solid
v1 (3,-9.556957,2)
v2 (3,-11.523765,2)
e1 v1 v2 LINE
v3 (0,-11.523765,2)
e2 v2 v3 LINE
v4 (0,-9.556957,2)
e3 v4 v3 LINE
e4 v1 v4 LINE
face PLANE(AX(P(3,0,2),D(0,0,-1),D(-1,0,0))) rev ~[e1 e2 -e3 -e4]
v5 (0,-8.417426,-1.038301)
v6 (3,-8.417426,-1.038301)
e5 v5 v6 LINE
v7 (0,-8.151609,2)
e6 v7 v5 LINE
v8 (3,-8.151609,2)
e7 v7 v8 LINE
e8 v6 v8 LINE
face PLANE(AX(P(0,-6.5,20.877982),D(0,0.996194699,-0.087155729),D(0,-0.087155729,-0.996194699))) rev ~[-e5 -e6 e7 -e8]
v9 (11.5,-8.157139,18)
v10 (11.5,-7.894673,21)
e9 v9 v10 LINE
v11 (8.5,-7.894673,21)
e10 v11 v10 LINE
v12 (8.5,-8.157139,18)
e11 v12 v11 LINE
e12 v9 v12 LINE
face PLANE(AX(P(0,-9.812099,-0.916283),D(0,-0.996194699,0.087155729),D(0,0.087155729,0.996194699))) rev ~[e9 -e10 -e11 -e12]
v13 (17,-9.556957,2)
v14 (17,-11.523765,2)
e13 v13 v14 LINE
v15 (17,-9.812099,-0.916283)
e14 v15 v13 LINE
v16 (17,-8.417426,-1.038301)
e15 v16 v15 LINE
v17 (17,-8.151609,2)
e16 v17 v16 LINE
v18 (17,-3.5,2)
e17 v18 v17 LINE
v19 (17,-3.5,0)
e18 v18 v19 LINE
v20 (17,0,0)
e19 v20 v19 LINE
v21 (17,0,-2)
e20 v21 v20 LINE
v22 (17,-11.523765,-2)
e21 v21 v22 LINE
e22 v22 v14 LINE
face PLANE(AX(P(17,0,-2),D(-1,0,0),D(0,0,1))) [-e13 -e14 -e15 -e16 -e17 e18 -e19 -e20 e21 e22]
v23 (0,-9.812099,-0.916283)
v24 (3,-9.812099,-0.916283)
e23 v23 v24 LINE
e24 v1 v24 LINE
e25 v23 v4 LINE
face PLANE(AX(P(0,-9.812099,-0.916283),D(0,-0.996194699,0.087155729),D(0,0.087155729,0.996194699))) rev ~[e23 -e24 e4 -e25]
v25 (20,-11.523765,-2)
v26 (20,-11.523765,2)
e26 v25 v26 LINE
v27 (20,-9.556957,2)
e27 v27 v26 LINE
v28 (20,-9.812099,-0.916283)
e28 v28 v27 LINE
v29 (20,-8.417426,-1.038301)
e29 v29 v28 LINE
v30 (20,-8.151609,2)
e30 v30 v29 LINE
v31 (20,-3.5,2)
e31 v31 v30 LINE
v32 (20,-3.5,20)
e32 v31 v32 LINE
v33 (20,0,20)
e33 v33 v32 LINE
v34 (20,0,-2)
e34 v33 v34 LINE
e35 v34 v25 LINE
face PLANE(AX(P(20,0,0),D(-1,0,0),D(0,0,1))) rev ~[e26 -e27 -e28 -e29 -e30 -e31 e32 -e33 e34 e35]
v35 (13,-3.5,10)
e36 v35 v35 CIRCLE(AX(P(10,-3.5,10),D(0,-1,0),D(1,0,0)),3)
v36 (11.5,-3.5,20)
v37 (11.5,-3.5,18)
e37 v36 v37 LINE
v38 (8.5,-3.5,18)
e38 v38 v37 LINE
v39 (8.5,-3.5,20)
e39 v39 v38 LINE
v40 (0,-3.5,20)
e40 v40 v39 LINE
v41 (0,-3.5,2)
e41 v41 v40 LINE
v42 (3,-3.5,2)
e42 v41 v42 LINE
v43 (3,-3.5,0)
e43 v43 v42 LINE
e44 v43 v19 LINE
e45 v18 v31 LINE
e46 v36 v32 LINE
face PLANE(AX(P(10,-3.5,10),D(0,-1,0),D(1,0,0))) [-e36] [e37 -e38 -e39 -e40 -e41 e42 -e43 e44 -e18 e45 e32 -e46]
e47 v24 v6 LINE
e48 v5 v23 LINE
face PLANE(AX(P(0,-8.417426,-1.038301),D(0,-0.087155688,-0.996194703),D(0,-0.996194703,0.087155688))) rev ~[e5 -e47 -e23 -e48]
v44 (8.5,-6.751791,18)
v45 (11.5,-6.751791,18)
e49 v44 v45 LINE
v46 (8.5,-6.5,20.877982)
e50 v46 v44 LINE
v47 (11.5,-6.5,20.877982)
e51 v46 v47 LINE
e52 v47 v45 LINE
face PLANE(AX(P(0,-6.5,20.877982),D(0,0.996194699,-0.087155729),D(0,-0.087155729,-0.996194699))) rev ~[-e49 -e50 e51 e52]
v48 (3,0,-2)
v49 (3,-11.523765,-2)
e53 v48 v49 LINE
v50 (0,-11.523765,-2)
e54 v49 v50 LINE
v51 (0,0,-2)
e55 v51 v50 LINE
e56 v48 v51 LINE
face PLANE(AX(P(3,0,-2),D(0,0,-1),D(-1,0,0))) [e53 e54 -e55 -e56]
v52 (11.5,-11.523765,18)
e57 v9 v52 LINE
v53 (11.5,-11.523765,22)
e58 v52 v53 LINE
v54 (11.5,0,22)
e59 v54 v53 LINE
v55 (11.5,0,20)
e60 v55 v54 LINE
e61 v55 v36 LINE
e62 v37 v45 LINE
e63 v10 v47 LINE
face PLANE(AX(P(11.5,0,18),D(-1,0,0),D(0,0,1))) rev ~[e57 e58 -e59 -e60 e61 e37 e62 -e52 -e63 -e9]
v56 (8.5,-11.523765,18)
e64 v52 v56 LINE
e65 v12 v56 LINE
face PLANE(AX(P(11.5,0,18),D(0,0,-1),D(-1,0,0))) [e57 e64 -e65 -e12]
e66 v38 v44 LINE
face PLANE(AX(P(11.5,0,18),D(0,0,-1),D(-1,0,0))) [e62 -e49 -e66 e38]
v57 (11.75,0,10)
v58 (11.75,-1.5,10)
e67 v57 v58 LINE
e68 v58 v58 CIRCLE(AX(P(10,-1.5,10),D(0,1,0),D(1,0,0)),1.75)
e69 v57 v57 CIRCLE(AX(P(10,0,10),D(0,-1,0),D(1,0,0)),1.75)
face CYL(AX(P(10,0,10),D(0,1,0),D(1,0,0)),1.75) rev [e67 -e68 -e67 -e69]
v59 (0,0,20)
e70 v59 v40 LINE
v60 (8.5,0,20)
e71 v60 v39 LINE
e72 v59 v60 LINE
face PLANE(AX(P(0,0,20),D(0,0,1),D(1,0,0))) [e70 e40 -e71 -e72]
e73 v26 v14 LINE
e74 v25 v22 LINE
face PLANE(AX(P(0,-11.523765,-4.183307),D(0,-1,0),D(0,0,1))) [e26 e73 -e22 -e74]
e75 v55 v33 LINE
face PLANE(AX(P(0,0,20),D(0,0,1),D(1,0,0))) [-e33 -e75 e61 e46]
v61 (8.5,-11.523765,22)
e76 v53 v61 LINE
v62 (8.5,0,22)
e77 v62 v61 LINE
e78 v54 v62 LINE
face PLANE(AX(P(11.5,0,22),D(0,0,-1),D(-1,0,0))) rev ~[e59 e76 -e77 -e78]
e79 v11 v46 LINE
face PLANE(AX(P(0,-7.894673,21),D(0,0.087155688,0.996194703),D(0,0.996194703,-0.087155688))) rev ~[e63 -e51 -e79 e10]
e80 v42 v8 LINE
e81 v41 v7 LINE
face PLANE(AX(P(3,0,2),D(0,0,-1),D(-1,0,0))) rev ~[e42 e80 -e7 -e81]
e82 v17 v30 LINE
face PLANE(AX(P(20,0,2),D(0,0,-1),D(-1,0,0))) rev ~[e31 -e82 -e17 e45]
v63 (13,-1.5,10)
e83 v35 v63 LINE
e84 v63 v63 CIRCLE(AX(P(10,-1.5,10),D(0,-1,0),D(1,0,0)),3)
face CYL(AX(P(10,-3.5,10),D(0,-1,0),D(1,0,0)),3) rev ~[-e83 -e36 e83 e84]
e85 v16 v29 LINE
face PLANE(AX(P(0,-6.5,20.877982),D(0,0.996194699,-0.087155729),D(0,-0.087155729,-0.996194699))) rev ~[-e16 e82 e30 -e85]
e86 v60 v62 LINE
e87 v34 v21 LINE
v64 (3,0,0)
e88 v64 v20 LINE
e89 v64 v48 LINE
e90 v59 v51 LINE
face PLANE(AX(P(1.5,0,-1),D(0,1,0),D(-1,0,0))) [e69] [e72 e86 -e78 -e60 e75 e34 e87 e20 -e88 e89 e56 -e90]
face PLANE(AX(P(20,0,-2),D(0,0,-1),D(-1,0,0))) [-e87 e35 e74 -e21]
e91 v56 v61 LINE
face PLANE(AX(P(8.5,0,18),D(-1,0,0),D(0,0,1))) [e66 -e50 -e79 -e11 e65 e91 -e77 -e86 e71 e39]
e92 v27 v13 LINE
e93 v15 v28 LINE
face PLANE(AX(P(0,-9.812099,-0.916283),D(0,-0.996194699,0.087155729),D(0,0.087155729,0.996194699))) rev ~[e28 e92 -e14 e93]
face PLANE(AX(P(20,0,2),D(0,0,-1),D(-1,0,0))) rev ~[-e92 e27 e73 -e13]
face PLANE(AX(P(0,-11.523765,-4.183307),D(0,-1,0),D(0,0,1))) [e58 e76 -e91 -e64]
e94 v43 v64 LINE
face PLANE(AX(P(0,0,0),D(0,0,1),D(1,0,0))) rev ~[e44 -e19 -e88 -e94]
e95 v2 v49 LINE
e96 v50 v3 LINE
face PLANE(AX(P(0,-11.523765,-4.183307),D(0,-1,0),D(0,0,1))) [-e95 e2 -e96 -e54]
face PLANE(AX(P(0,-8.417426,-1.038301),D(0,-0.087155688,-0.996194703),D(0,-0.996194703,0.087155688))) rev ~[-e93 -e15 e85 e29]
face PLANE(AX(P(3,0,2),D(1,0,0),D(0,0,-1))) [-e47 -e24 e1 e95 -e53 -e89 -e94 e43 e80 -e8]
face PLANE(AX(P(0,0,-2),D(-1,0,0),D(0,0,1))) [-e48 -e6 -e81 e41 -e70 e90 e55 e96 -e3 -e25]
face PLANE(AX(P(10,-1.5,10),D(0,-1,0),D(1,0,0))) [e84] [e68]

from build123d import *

# Parameters (mm, degrees)
F0_W     = 20
F0_H     = 20
F0_R     = 1.75
F1_DEPTH = 3.5
F2_R     = 3
F3_DEPTH = 2
F4_W     = 3
F4_H     = 2
F4_H_2   = 4
F5_DEPTH = 15
F6_W     = 5.121377
F6_H     = 27.98892
F7_DEPTH = 25


with BuildPart() as f1:
    # F0 (on Front) → F1 (new body)
    with BuildSketch(Plane.XZ):
        with Locations((10, 10)):
            Rectangle(F0_W, F0_H)
        with Locations((10, 10)):
            Circle(F0_R, mode=Mode.SUBTRACT)
    extrude(amount=F1_DEPTH)

    # F2 (on face) → F3 (cut)
    with BuildSketch(Plane.XZ.offset(3.5)):
        with Locations((10, 10)):
            Circle(F2_R)
    extrude(amount=-F3_DEPTH, mode=Mode.SUBTRACT)

    # F4 (on face) → F5 (join)
    with BuildSketch(Plane(origin=(0, 0, 0), x_dir=(-1, 0, 0), z_dir=(0, 1, 0))):
        with Locations((-1.5, -1)):
            Rectangle(F4_W, F4_H)
        with Locations((-10, 20)):
            Rectangle(F4_W, F4_H_2)
        with Locations((-1.5, 0)):
            Rectangle(F4_W, F4_H_2)
        with Locations((-18.5, 0)):
            Rectangle(F4_W, F4_H_2)
    extrude(amount=-F5_DEPTH)

    # F6 (on face) → F7 (cut)
    with BuildSketch(Plane(origin=(0, 0, 0), x_dir=(0, -1, 0), z_dir=(-1, 0, 0))):
        Polygon((7.894673, 21), (6.5, 20.877982), (8.417426, -1.038301), (9.812099, -0.916283), align=None)
        with Locations((14.084454, 9.811153)):
            Rectangle(F6_W, F6_H)
    extrude(amount=-F7_DEPTH, mode=Mode.SUBTRACT)


solid = f1.part
